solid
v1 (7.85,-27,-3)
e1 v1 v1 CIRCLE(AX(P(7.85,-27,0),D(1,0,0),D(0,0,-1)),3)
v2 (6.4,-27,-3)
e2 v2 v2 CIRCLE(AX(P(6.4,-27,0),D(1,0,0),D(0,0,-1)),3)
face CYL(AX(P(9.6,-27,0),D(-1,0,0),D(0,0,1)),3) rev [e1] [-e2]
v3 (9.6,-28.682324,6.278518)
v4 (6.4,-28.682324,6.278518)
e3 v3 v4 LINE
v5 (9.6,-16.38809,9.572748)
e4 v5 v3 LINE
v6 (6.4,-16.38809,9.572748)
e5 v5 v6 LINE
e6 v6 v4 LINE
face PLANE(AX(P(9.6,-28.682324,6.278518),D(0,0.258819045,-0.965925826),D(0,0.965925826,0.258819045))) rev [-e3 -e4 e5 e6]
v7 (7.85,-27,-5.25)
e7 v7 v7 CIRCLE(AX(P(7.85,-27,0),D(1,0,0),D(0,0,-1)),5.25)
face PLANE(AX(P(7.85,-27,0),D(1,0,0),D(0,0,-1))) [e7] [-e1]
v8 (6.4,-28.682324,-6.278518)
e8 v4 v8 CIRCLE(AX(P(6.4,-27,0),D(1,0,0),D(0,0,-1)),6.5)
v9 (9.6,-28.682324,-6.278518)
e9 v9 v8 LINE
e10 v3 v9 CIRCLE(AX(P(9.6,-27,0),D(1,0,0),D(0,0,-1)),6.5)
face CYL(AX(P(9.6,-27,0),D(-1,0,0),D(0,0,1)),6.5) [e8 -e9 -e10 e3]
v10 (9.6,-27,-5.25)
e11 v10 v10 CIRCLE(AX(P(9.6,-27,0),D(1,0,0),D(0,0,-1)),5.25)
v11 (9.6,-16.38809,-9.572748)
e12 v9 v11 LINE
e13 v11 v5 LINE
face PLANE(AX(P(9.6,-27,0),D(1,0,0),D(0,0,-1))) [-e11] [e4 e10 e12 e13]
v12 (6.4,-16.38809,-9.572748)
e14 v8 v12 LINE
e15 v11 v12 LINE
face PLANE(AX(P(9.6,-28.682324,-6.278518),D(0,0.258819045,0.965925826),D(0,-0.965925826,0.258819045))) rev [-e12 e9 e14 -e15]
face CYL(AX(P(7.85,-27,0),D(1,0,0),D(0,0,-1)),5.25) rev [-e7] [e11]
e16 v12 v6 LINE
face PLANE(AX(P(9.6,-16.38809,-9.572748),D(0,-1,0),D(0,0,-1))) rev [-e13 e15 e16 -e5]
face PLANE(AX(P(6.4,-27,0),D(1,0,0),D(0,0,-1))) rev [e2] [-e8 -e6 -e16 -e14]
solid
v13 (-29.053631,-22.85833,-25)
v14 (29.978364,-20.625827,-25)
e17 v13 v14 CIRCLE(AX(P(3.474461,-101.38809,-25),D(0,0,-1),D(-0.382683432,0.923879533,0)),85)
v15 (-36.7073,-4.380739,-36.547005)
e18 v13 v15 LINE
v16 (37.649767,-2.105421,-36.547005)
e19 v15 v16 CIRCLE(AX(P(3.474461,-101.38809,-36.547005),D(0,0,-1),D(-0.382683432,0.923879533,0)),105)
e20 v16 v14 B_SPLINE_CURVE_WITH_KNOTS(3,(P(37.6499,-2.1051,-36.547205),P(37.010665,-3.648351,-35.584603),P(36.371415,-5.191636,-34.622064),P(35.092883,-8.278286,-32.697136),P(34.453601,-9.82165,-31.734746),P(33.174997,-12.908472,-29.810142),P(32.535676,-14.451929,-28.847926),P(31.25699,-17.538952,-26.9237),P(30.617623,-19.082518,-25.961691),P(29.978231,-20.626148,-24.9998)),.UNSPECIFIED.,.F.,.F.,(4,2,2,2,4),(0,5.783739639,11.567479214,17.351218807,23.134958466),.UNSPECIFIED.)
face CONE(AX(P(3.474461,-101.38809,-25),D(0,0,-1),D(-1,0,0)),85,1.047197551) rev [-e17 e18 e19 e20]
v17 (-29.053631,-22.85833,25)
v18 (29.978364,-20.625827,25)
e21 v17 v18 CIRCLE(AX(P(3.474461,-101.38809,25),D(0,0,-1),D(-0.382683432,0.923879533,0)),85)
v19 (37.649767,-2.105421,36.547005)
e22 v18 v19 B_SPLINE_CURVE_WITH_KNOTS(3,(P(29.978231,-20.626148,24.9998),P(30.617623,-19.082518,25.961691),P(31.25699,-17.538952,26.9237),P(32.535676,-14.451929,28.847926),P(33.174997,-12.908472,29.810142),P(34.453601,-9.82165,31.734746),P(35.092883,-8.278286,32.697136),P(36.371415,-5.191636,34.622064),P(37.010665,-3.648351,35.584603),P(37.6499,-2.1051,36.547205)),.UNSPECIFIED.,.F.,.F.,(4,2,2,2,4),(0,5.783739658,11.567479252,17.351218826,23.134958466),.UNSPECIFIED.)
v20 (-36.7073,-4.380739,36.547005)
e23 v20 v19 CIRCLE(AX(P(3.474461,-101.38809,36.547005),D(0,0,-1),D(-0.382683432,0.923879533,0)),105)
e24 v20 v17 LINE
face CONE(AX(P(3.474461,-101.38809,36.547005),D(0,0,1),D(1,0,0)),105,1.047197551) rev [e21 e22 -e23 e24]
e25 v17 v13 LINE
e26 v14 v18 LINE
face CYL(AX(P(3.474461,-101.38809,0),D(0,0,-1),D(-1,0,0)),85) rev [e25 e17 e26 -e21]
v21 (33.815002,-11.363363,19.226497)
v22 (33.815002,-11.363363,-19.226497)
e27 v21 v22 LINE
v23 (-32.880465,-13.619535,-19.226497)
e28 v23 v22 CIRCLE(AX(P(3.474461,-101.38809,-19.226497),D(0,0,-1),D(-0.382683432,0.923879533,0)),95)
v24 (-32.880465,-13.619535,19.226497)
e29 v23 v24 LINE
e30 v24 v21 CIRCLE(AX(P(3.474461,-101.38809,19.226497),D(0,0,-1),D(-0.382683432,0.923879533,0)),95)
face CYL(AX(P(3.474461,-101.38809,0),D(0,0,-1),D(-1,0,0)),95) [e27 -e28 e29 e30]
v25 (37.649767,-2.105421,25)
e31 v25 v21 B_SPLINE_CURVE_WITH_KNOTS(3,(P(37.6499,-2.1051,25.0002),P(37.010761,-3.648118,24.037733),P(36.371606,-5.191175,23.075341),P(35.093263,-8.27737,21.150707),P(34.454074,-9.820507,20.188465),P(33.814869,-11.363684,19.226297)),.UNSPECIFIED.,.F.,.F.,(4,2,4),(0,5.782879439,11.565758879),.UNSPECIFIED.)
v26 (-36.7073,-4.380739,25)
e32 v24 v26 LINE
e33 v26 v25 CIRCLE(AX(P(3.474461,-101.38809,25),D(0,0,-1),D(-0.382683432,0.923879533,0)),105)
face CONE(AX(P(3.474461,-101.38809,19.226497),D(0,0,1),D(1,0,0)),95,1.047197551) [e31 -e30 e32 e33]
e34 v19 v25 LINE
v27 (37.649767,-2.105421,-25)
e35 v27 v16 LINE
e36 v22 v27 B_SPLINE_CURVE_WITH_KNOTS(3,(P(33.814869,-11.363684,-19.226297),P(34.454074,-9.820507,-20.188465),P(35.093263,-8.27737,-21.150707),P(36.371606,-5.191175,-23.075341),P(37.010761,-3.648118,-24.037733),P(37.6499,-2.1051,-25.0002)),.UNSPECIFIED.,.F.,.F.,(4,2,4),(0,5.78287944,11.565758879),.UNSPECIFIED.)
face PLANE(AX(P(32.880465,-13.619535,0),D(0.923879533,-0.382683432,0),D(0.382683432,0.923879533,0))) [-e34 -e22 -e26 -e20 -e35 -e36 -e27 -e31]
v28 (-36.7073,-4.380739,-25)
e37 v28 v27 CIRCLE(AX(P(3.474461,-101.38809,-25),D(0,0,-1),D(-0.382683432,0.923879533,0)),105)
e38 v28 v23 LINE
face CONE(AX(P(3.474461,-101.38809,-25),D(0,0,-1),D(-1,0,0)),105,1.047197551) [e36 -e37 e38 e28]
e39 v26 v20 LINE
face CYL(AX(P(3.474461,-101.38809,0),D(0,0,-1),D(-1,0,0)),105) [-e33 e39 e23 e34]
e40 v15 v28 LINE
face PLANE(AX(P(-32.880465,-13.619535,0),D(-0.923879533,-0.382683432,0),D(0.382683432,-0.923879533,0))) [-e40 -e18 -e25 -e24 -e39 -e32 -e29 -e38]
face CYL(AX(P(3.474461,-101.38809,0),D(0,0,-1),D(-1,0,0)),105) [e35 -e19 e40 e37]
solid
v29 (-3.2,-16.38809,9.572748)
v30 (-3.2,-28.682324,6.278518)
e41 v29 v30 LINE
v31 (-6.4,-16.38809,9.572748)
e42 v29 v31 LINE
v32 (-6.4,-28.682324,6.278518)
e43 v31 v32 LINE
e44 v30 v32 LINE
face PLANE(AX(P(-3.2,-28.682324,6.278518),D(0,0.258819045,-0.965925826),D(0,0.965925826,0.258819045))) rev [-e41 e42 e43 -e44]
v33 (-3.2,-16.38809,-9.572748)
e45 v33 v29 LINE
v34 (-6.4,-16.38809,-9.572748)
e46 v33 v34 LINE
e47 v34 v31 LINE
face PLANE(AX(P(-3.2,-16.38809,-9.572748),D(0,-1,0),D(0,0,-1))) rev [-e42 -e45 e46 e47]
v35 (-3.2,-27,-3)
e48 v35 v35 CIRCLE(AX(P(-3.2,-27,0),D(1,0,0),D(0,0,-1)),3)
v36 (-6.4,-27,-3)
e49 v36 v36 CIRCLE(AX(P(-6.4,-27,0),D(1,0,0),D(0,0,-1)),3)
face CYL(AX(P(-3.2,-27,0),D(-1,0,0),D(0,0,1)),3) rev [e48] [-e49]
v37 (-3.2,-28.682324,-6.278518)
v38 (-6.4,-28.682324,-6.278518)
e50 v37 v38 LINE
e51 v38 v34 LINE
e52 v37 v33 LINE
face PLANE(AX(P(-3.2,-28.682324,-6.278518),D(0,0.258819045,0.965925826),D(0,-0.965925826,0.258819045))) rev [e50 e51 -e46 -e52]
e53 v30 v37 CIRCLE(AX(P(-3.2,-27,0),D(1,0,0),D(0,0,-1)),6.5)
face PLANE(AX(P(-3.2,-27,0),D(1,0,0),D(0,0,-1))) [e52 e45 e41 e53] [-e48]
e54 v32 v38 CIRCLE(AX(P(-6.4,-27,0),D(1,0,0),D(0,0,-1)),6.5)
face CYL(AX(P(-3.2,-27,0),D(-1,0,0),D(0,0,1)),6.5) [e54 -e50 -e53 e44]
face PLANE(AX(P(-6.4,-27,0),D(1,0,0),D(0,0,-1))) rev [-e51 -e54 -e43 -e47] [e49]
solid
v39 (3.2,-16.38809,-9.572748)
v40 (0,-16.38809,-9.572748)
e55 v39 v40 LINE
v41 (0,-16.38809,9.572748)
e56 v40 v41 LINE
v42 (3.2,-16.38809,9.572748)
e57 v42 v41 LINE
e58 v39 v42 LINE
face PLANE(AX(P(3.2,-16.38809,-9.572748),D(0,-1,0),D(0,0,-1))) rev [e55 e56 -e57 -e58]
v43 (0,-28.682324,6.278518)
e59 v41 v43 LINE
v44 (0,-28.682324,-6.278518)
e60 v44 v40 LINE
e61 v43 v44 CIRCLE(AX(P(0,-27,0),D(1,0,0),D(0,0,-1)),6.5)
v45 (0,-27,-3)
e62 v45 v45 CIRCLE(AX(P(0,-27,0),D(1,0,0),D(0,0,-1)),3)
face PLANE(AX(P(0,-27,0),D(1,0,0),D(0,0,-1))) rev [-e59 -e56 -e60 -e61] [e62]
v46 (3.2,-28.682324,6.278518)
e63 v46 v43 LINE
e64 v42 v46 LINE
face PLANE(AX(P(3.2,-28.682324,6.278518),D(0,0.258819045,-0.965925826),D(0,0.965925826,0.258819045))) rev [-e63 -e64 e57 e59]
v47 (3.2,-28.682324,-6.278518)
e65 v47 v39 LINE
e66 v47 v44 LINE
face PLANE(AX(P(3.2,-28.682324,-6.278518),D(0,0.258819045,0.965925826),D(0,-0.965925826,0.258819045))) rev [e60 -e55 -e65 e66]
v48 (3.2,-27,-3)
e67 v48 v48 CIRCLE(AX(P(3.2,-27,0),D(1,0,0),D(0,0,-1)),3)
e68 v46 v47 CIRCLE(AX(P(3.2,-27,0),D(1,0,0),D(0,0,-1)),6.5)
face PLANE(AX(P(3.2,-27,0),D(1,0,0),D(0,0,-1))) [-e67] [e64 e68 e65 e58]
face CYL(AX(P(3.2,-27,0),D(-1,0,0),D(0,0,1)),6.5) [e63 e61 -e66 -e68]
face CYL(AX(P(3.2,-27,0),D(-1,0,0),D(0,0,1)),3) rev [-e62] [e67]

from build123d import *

# Parameters (mm, degrees)
SKETCH5_W           = 90
SKETCH5_H           = 70
CUT_EXTRUDE1_DEPTH  = 81.467778105
SKETCH4_R           = 3
BOSS_EXTRUDE3_DEPTH = 3.2
SKETCH6_R           = 5.25
CUT_EXTRUDE2_DEPTH  = 1.75


with BuildPart() as part:
    # Sweep1: sweep along a path in Sketch3
    with BuildLine(Plane.XY) as sweep1_path:
        ThreePointArc((-32.880465325, -13.619534675), (3.47446075, -6.388090263), (39.829386824, -13.619534675))
    # Sketch2 → Sweep1 (sweep)
    with BuildSketch(Plane(origin=(-32.880465325, -13.619534675, 0), x_dir=(-0.3826834323650842, 0.9238795325112891, 0), z_dir=(0.9238795325112891, 0.3826834323650842, 0))):
        Polygon((0, 19.226497308), (0, -19.226497308), (10, -25), (10, -36.547005384), (-10, -25), (-10, 25), (10, 36.547005384), (10, 25), align=None)
    sweep(path=sweep1_path.line)

    # Sketch5 → Cut-Extrude1 (cut, through all)
    with BuildSketch(Plane(origin=(32.880465325, -13.619534675, 0), x_dir=(0, 0, -1), z_dir=(0.9238795325112837, -0.3826834323650971, 0))):
        Rectangle(SKETCH5_W, SKETCH5_H)
    extrude(amount=CUT_EXTRUDE1_DEPTH, mode=Mode.SUBTRACT)


with BuildPart() as body_2:
    # Sketch4 → Boss-Extrude3 (new body)
    with BuildSketch(Plane(origin=(0, 0, 3.2), x_dir=(0, 0, -1), z_dir=(1, 0, 0))):
        with BuildLine():
            Line((9.478517871, -28.682323793), (12.772747817, -16.388090263))
            Line((12.772747817, -16.388090263), (-6.372747817, -16.388090263))
            Line((-6.372747817, -16.388090263), (-3.078517871, -28.682323793))
            ThreePointArc((-3.078517871, -28.682323793), (3.2, -33.5), (9.478517871, -28.682323793))
        make_face()
        with Locations((3.2, -27)):
            Circle(SKETCH4_R, mode=Mode.SUBTRACT)
    extrude(amount=BOSS_EXTRUDE3_DEPTH)


with BuildPart() as body_3:
    # Body-Move/Copy1: copy of body 2
    add(body_2.part.moved(Location((6.4, 0, 0))))

    # Sketch6 → Cut-Extrude2 (cut)
    with BuildSketch(Plane(origin=(9.6, 0, 0), x_dir=(0, 0, -1), z_dir=(1, 0, 0))):
        with Locations((0, -27)):
            Circle(SKETCH6_R)
    extrude(amount=-CUT_EXTRUDE2_DEPTH, mode=Mode.SUBTRACT)


with BuildPart() as body_4:
    # Body-Move/Copy2: copy of body 2
    add(body_2.part.moved(Location((-6.4, 0, 0))))


solid = Compound([part.part, body_2.part, body_3.part, body_4.part])
